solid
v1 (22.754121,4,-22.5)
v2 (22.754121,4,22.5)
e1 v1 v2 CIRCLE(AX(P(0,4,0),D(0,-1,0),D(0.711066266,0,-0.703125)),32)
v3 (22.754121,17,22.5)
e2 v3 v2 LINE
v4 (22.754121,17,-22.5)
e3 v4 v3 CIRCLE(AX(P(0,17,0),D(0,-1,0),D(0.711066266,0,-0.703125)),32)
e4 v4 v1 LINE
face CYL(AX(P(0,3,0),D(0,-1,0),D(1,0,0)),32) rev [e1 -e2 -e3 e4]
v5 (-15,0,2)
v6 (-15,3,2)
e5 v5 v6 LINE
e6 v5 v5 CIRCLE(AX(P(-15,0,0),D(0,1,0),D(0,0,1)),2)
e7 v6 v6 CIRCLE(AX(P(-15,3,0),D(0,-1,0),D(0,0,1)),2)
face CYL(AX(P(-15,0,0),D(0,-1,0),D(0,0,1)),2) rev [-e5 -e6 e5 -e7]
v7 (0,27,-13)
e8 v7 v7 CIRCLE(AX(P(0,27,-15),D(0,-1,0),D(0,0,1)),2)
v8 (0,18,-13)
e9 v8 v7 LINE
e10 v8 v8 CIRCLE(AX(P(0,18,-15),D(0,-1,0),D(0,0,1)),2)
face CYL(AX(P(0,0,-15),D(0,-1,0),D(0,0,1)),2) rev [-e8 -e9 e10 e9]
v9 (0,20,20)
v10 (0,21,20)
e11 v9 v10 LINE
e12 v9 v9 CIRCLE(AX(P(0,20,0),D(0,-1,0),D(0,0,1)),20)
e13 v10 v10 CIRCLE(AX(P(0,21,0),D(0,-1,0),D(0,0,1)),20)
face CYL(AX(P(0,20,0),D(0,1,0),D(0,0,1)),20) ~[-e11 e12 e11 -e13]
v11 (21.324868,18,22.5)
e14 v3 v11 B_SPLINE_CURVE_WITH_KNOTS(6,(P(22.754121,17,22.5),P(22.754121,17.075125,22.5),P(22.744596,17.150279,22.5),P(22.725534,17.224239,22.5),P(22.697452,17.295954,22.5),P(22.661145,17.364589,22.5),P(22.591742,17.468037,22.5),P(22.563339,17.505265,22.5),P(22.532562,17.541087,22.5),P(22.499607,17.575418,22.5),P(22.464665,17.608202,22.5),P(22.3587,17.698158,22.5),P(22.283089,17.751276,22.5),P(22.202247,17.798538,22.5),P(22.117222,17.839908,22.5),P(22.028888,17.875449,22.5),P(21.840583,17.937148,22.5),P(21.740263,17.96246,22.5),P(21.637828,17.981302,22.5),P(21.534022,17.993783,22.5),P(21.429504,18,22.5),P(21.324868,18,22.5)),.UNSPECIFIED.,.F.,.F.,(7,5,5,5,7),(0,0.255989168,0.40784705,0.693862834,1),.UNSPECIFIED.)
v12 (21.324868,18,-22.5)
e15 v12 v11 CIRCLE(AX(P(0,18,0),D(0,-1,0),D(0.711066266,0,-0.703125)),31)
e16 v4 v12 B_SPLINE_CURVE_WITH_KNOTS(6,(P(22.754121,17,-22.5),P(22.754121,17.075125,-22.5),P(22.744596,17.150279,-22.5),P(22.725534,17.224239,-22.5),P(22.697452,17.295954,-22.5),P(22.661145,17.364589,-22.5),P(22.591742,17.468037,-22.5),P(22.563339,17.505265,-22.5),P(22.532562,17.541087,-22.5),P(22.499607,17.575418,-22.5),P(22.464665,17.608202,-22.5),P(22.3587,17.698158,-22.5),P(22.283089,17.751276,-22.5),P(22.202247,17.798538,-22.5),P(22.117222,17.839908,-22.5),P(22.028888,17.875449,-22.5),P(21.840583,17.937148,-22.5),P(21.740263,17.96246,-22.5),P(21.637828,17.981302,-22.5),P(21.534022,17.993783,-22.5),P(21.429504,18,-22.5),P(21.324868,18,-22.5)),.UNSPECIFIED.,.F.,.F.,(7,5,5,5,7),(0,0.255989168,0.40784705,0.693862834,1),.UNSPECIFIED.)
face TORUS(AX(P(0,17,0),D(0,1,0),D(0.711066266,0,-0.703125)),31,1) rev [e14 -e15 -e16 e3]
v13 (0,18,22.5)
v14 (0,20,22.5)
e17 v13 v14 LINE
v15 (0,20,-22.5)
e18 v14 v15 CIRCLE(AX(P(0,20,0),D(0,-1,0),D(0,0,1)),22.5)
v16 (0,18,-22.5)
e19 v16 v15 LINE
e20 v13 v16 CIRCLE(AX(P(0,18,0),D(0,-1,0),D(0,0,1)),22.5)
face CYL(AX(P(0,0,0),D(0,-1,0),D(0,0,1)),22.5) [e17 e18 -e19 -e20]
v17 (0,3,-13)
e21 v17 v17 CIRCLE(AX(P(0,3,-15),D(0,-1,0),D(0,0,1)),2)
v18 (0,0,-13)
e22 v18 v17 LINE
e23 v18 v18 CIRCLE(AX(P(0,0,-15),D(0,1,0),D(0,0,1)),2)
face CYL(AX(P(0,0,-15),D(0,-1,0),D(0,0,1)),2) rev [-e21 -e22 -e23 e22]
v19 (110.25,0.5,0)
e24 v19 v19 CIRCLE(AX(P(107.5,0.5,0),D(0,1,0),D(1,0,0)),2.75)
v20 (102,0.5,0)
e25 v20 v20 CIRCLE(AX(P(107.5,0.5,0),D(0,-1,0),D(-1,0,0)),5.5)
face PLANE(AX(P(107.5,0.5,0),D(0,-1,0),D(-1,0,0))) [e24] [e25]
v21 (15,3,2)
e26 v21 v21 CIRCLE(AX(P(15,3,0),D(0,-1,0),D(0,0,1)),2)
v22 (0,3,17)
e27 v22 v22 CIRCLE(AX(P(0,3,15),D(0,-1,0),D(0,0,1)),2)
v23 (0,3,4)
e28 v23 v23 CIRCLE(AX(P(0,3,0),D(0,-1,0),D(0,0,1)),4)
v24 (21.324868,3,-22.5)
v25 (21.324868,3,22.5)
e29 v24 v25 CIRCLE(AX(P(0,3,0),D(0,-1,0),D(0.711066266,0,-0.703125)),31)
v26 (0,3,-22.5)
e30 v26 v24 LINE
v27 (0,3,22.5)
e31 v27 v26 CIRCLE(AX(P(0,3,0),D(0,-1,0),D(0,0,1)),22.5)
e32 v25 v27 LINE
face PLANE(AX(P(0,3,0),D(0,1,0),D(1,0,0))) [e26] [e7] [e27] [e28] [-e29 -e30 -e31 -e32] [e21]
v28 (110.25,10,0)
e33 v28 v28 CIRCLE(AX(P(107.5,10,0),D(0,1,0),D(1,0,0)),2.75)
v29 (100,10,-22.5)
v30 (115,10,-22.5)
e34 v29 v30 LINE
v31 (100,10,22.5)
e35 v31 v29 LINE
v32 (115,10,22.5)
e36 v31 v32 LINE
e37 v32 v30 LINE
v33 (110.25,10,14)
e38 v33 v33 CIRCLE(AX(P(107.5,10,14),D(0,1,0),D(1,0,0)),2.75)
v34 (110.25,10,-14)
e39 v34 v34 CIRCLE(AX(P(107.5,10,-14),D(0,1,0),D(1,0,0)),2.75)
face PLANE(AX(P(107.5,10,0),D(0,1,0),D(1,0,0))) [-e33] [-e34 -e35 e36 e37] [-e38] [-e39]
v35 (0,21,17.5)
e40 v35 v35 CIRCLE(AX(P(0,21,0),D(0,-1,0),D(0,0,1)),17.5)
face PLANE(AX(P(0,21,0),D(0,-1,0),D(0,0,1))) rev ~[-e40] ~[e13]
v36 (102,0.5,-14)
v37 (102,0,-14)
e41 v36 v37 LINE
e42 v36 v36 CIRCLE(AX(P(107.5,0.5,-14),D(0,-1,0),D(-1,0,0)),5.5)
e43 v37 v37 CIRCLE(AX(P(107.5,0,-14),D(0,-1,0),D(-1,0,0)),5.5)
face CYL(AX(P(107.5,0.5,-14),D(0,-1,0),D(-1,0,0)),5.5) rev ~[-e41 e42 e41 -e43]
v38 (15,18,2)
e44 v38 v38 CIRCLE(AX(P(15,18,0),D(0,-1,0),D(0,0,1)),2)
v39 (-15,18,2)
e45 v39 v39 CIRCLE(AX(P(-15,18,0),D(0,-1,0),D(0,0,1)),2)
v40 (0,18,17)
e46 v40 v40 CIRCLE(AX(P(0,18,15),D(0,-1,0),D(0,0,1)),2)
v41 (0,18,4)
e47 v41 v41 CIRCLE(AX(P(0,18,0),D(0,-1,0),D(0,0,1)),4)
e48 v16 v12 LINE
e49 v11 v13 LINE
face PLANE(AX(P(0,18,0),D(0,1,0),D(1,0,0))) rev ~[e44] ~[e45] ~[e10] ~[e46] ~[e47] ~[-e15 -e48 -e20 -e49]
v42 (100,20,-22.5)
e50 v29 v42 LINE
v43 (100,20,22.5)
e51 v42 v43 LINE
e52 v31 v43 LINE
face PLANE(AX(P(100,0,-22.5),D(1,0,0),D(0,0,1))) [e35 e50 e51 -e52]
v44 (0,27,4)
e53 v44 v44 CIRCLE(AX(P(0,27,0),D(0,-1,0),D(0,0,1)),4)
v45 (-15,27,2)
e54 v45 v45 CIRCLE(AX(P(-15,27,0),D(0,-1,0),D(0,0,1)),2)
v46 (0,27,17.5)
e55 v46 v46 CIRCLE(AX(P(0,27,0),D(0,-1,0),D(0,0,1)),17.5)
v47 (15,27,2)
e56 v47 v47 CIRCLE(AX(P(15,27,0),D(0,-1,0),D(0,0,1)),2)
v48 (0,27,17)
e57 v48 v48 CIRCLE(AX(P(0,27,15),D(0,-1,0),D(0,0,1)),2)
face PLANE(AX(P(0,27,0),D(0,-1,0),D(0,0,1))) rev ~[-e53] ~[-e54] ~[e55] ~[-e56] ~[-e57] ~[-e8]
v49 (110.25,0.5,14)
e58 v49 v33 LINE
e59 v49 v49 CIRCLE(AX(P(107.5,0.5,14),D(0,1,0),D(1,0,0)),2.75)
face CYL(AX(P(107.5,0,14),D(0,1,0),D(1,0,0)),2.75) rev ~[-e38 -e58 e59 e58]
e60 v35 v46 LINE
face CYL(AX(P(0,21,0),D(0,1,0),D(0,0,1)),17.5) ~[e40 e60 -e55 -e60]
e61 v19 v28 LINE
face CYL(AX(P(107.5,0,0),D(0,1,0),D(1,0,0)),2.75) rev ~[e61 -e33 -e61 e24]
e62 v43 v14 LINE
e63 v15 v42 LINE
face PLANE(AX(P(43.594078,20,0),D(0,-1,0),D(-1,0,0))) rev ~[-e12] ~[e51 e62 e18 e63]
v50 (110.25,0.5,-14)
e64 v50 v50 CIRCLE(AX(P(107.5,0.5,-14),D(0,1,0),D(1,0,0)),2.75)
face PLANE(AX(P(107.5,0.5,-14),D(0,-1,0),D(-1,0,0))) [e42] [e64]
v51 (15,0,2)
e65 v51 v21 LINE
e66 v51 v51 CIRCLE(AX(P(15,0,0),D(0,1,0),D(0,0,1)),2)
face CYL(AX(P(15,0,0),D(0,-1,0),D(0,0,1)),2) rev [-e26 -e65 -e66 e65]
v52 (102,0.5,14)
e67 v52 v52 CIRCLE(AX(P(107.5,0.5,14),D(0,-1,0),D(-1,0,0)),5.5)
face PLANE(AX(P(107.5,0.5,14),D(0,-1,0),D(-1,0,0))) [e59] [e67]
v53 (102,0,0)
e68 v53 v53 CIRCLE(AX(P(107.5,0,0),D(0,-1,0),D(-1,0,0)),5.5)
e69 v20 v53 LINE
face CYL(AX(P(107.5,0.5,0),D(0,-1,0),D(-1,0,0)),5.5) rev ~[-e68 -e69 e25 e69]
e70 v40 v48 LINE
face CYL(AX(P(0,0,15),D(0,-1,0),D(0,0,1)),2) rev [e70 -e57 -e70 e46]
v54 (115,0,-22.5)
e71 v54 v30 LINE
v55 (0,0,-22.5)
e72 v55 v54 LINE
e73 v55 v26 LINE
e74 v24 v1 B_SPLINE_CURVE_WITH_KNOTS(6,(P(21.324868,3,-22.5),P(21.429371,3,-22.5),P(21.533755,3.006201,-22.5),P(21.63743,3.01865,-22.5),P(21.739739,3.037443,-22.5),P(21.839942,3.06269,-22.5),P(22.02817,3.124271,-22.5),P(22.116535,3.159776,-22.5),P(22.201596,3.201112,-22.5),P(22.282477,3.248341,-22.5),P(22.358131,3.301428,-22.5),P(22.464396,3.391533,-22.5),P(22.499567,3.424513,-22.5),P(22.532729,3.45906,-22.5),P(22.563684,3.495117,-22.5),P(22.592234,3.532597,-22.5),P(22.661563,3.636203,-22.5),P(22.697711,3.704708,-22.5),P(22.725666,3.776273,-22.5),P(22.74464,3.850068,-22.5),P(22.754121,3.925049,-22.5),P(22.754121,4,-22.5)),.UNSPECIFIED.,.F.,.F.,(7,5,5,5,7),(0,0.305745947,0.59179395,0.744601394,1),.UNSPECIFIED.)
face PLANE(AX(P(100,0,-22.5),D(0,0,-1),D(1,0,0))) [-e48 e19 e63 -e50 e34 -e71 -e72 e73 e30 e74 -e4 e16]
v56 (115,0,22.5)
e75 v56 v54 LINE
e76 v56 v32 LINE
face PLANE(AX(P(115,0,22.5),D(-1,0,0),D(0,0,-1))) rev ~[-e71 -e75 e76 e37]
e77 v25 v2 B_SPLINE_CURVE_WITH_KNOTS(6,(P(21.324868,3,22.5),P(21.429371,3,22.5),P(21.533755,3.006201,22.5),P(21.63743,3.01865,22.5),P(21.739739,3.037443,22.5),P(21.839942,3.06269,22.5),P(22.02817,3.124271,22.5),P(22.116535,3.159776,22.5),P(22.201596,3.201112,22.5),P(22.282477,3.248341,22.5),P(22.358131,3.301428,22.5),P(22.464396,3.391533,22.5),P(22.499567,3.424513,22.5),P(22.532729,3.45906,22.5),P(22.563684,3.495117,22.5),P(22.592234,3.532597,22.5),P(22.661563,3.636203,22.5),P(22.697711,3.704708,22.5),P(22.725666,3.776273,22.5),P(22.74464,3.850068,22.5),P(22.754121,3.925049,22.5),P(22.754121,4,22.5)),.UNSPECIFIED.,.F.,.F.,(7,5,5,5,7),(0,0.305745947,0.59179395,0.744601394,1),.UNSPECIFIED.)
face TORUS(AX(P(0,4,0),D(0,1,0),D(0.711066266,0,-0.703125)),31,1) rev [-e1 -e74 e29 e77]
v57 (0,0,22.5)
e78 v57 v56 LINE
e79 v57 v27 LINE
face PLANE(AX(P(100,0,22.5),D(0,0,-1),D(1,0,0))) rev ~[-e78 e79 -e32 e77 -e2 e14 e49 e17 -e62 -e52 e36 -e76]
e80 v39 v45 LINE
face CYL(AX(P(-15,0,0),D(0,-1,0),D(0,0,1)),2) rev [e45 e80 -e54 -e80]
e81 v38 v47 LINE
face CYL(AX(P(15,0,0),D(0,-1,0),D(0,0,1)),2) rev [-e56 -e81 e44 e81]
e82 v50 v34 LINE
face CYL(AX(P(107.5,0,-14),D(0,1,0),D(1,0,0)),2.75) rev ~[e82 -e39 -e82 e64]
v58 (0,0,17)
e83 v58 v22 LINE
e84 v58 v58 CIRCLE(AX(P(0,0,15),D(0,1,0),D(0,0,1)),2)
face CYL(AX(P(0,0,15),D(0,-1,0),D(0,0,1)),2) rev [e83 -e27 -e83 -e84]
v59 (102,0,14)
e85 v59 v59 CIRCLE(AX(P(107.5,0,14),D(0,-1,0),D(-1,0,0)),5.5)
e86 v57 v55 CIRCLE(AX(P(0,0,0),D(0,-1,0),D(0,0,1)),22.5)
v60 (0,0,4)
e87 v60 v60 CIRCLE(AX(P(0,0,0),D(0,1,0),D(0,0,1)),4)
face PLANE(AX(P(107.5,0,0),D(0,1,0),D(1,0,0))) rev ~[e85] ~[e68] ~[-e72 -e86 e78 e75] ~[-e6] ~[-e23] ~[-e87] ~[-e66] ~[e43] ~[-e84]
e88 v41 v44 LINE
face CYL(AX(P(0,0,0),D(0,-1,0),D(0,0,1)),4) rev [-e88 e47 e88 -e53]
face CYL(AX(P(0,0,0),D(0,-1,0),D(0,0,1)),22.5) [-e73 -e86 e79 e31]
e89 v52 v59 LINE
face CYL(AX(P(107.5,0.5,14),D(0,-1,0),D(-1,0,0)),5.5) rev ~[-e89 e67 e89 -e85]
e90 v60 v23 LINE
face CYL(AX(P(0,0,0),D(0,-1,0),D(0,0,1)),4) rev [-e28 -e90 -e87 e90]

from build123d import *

# Parameters (mm, degrees)
SKETCH_2_R                   = 1.5
EXTRUDE_1_DEPTH              = 20
CUT_EXTRUDE_START            = 3
SKETCH_4_R                   = 32
CUT_EXTRUDE_1_DEPTH          = 15
SKETCH_6_R                   = 2
SKETCH_6_R_2                 = 4
CUT_EXTRUDE_2_DEPTH          = 106.996462205
SKETCH_8_W                   = 15
SKETCH_8_H                   = 45
EXTRUDE_3_DEPTH              = 10
HOLE_WIZARD_M5_1_D           = 5.5
HOLE_WIZARD_M5_1_CBORE_D     = 11
HOLE_WIZARD_M5_1_CBORE_DEPTH = 0.5
FILLET_1_R                   = 1


with BuildPart() as part:
    # 草图2 → 凸台-拉伸1 (new body)
    with BuildSketch(Plane(origin=(0, 0, 0), x_dir=(1, 0, 0), z_dir=(0, 1, 0))):
        with BuildLine():
            Line((0, 22.5), (100, 22.5))
            Line((100, 22.5), (100, -22.5))
            Line((100, -22.5), (0, -22.5))
            ThreePointArc((0, -22.5), (-22.5, 0), (0, 22.5))
        make_face()
        with Locations(Location((-15, 0, 0), (0, 0, 270))):
            Circle(SKETCH_2_R, mode=Mode.SUBTRACT)
        with Locations(Location((0, 15, 0), (0, 0, 270))):
            Circle(SKETCH_2_R, mode=Mode.SUBTRACT)
        with Locations(Location((15, 0, 0), (0, 0, 270))):
            Circle(SKETCH_2_R, mode=Mode.SUBTRACT)
        with Locations(Location((0, -15, 0), (0, 0, 270))):
            Circle(SKETCH_2_R, mode=Mode.SUBTRACT)
    extrude(amount=EXTRUDE_1_DEPTH)

    # 草图4 → 切除-拉伸1 (cut)
    with BuildSketch(Plane(origin=(0, 0, 0), x_dir=(1, 0, 0), z_dir=(0, 1, 0)).offset(CUT_EXTRUDE_START)):
        Circle(SKETCH_4_R)
    extrude(amount=CUT_EXTRUDE_1_DEPTH, mode=Mode.SUBTRACT)

    # 草图5 → 旋转1 (revolve)
    with BuildSketch(Plane.XY, mode=Mode.PRIVATE) as revolve_1_sk:
        Polygon((0, 20), (-20, 20), (-20, 21), (-17.5, 21), (-17.5, 27), (0, 27), align=None)
    revolve(revolve_1_sk.sketch.rotate(Axis((0, 42.215312946, 0), (0, -1, 0)), 270), axis=Axis((0, 42.215312946, 0), (0, -1, 0)))

    # 草图6 → 切除-拉伸2 (cut, through all)
    with BuildSketch(Plane(origin=(0, 0, 0), x_dir=(1, 0, 0), z_dir=(0, 1, 0))):
        with Locations(Location((0, 15, 0), (0, 0, 270))):
            Circle(SKETCH_6_R)
        with Locations(Location((15, 0, 0), (0, 0, 270))):
            Circle(SKETCH_6_R)
        with Locations(Location((0, -15, 0), (0, 0, 270))):
            Circle(SKETCH_6_R)
        with Locations(Location((-15, 0, 0), (0, 0, 270))):
            Circle(SKETCH_6_R)
        with Locations(Location((0, 0, 0), (0, 0, 270))):
            Circle(SKETCH_6_R_2)
    extrude(amount=CUT_EXTRUDE_2_DEPTH, mode=Mode.SUBTRACT)

    # 草图8 → 凸台-拉伸3 (add)
    with BuildSketch(Plane(origin=(0, 0, 0), x_dir=(1, 0, 0), z_dir=(0, 1, 0))):
        with Locations((107.5, 0)):
            Rectangle(SKETCH_8_W, SKETCH_8_H)
    extrude(amount=EXTRUDE_3_DEPTH)

    # M5 六角头螺栓的柱形沉头孔1 (through all)
    with Locations(Plane(origin=(0, 0, 0), x_dir=(-1, 0, 0), z_dir=(0, -1, 0))):
        with Locations((-107.5, -14), (-107.5, 0), (-107.5, 14)):
            CounterBoreHole(HOLE_WIZARD_M5_1_D / 2, HOLE_WIZARD_M5_1_CBORE_D / 2, HOLE_WIZARD_M5_1_CBORE_DEPTH)

    # 圆角1
    fillet_1_edges = [part.edges().sort_by_distance(p)[0] for p in [
        (32, 3, 0),
        (32, 18, 0),
    ]]
    fillet(fillet_1_edges, radius=FILLET_1_R)


solid = part.part
